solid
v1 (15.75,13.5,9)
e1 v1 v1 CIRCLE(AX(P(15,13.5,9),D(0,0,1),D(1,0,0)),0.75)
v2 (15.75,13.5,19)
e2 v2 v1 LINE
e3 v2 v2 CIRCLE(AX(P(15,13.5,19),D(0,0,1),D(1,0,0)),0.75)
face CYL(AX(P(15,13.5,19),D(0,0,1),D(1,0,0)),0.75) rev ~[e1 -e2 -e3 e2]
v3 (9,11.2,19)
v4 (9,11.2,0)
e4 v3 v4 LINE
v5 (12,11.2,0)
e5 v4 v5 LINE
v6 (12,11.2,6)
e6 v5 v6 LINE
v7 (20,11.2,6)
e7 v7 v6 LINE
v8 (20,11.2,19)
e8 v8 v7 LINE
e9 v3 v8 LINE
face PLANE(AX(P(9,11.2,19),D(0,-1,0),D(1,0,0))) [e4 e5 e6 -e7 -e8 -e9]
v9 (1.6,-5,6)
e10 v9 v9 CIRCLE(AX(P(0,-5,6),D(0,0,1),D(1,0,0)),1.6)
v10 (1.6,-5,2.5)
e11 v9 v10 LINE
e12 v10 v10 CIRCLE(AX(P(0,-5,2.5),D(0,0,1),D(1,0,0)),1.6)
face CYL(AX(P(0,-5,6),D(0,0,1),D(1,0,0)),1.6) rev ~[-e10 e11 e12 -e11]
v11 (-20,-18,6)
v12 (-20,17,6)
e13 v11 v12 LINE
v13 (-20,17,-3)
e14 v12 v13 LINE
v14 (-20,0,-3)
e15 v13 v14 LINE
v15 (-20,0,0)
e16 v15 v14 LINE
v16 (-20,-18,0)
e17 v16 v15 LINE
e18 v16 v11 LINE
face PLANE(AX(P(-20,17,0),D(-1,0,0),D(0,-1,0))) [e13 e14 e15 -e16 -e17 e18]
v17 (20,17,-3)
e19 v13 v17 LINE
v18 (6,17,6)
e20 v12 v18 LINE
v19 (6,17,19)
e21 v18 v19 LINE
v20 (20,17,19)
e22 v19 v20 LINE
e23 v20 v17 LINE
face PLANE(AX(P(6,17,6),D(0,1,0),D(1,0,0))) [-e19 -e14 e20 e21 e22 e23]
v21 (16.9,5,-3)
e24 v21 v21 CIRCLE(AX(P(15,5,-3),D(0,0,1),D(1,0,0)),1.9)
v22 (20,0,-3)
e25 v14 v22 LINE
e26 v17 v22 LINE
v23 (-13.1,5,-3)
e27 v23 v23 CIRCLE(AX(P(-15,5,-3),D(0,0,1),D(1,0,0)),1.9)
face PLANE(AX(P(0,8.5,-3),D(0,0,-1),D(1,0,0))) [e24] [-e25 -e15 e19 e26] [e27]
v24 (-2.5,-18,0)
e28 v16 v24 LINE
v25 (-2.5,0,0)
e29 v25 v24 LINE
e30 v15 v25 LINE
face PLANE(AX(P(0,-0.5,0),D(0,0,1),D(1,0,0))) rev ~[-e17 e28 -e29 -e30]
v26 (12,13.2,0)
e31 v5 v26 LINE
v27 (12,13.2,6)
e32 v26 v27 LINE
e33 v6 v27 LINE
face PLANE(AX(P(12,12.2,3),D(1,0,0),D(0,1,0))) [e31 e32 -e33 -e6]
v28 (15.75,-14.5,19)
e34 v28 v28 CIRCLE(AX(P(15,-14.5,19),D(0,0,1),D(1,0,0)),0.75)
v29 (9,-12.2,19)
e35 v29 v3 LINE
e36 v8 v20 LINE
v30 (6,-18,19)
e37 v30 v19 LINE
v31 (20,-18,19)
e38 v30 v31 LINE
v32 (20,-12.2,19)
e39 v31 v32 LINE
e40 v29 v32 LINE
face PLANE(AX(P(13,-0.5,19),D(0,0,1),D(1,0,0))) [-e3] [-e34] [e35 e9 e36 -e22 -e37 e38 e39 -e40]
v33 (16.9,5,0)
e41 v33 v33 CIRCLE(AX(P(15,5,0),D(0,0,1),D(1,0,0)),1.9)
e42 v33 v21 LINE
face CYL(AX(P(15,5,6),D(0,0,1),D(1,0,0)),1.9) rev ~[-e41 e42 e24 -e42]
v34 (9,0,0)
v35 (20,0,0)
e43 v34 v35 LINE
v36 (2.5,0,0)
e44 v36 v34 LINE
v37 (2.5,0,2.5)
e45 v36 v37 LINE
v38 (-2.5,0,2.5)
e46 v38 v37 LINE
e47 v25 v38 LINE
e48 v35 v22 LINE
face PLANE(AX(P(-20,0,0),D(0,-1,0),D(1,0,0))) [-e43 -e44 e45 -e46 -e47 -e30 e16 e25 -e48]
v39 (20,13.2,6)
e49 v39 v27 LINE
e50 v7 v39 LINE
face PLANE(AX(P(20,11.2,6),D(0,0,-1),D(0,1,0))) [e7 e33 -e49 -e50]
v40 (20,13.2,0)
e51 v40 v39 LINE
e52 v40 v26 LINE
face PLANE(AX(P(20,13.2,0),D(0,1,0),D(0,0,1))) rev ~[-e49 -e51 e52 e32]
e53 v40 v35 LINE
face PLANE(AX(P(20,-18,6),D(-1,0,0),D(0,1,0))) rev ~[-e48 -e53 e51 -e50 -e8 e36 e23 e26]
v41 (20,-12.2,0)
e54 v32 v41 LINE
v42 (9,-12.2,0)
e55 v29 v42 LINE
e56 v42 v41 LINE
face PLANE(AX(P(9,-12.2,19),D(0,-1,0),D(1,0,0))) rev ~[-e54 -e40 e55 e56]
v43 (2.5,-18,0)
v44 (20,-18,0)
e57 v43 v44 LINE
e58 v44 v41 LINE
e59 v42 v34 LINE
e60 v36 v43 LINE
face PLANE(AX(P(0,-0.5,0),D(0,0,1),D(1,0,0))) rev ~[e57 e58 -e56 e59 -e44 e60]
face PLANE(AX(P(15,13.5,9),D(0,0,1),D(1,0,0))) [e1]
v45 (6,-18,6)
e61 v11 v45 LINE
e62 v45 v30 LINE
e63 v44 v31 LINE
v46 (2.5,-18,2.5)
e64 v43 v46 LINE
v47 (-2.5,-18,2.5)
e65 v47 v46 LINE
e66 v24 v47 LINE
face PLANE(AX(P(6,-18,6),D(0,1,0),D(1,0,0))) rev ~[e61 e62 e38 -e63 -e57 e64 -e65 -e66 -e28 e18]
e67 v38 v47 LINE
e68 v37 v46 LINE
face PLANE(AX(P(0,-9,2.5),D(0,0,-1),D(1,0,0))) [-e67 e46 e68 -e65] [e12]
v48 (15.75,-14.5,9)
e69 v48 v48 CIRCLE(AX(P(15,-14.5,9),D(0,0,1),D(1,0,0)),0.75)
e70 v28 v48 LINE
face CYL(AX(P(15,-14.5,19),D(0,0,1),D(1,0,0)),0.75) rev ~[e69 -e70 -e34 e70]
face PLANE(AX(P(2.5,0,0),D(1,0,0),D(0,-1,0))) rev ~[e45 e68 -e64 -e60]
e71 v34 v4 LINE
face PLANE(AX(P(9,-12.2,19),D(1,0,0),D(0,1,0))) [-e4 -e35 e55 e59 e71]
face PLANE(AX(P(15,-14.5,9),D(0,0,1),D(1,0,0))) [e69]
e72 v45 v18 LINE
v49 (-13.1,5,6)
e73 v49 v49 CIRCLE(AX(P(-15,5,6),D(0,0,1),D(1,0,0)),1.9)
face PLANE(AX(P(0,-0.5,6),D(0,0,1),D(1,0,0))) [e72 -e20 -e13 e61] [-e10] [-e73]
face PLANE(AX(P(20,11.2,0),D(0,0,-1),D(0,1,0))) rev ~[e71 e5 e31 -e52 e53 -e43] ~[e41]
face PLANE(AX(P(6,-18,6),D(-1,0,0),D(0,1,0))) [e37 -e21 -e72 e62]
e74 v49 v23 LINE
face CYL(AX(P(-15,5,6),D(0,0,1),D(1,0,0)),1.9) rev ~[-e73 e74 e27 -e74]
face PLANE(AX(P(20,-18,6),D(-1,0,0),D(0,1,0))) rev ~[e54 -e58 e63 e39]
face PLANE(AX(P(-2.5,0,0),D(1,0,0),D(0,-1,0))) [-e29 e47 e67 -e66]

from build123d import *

# Parameters (mm, degrees)
SKETCH_W        = 40
SKETCH_H        = 35
PAD_DEPTH       = 6
SKETCH002_W     = 40
SKETCH002_H     = 17
PAD001_DEPTH    = 3
SKETCH001_R     = 1.9
SKETCH001_R_2   = 1.6
POCKET_DEPTH    = 9.001
SKETCH003_W     = 14
SKETCH003_H     = 35
PAD002_DEPTH    = 13
SKETCH004_W     = 11
SKETCH004_H     = 23.4
POCKET001_DEPTH = 19
SKETCH005_R     = 0.75
POCKET002_DEPTH = 10
SKETCH006_W     = 2
SKETCH006_H     = 6
POCKET003_DEPTH = 8
SKETCH007_W     = 5
SKETCH007_H     = 18
POCKET004_DEPTH = 2.5


with BuildPart() as part:
    # Sketch → Pad (new body)
    with BuildSketch(Plane.XY):
        with Locations((0, -0.5)):
            Rectangle(SKETCH_W, SKETCH_H)
    extrude(amount=PAD_DEPTH)

    # Sketch002 (on Face5 of Pad) → Pad001 (join)
    with BuildSketch(Plane(origin=(0, 0, 0), x_dir=(1, 0, 0), z_dir=(0, 0, -1))):
        with Locations((0, -8.5)):
            Rectangle(SKETCH002_W, SKETCH002_H)
    extrude(amount=PAD001_DEPTH)

    # Sketch001 (on Face6 of Pad) → Pocket (cut, through all)
    with BuildSketch(Plane.XY.offset(6)):
        with Locations((-15, 5)):
            Circle(SKETCH001_R)
        with Locations((15, 5)):
            Circle(SKETCH001_R)
        with Locations((0, -5)):
            Circle(SKETCH001_R_2)
    extrude(amount=-POCKET_DEPTH, mode=Mode.SUBTRACT)

    # Sketch003 (on Face1 of Pocket) → Pad002 (join)
    with BuildSketch(Plane.XY.offset(6)):
        with Locations((13, -0.5)):
            Rectangle(SKETCH003_W, SKETCH003_H)
    extrude(amount=PAD002_DEPTH)

    # Sketch004 (on Face9 of Pad002) → Pocket001 (cut)
    with BuildSketch(Plane.XY.offset(19)):
        with Locations((14.5, -0.5)):
            Rectangle(SKETCH004_W, SKETCH004_H)
    extrude(amount=-POCKET001_DEPTH, mode=Mode.SUBTRACT)

    # Sketch005 (on Face12 of Pocket001) → Pocket002 (cut)
    with BuildSketch(Plane.XY.offset(19)):
        with Locations((15, 13.5)):
            Circle(SKETCH005_R)
        with Locations((15, -14.5)):
            Circle(SKETCH005_R)
    extrude(amount=-POCKET002_DEPTH, mode=Mode.SUBTRACT)

    # Sketch006 (on Face11 of Pocket002) → Pocket003 (cut)
    with BuildSketch(Plane.YZ.offset(20)):
        with Locations((12.2, 3)):
            Rectangle(SKETCH006_W, SKETCH006_H)
    extrude(amount=-POCKET003_DEPTH, mode=Mode.SUBTRACT)

    # Sketch007 (on Face10 of Pocket003) → Pocket004 (cut)
    with BuildSketch(Plane(origin=(0, 0, 0), x_dir=(1, 0, 0), z_dir=(0, 0, -1))):
        with Locations((0, 9)):
            Rectangle(SKETCH007_W, SKETCH007_H)
    extrude(amount=-POCKET004_DEPTH, mode=Mode.SUBTRACT)


solid = part.part
